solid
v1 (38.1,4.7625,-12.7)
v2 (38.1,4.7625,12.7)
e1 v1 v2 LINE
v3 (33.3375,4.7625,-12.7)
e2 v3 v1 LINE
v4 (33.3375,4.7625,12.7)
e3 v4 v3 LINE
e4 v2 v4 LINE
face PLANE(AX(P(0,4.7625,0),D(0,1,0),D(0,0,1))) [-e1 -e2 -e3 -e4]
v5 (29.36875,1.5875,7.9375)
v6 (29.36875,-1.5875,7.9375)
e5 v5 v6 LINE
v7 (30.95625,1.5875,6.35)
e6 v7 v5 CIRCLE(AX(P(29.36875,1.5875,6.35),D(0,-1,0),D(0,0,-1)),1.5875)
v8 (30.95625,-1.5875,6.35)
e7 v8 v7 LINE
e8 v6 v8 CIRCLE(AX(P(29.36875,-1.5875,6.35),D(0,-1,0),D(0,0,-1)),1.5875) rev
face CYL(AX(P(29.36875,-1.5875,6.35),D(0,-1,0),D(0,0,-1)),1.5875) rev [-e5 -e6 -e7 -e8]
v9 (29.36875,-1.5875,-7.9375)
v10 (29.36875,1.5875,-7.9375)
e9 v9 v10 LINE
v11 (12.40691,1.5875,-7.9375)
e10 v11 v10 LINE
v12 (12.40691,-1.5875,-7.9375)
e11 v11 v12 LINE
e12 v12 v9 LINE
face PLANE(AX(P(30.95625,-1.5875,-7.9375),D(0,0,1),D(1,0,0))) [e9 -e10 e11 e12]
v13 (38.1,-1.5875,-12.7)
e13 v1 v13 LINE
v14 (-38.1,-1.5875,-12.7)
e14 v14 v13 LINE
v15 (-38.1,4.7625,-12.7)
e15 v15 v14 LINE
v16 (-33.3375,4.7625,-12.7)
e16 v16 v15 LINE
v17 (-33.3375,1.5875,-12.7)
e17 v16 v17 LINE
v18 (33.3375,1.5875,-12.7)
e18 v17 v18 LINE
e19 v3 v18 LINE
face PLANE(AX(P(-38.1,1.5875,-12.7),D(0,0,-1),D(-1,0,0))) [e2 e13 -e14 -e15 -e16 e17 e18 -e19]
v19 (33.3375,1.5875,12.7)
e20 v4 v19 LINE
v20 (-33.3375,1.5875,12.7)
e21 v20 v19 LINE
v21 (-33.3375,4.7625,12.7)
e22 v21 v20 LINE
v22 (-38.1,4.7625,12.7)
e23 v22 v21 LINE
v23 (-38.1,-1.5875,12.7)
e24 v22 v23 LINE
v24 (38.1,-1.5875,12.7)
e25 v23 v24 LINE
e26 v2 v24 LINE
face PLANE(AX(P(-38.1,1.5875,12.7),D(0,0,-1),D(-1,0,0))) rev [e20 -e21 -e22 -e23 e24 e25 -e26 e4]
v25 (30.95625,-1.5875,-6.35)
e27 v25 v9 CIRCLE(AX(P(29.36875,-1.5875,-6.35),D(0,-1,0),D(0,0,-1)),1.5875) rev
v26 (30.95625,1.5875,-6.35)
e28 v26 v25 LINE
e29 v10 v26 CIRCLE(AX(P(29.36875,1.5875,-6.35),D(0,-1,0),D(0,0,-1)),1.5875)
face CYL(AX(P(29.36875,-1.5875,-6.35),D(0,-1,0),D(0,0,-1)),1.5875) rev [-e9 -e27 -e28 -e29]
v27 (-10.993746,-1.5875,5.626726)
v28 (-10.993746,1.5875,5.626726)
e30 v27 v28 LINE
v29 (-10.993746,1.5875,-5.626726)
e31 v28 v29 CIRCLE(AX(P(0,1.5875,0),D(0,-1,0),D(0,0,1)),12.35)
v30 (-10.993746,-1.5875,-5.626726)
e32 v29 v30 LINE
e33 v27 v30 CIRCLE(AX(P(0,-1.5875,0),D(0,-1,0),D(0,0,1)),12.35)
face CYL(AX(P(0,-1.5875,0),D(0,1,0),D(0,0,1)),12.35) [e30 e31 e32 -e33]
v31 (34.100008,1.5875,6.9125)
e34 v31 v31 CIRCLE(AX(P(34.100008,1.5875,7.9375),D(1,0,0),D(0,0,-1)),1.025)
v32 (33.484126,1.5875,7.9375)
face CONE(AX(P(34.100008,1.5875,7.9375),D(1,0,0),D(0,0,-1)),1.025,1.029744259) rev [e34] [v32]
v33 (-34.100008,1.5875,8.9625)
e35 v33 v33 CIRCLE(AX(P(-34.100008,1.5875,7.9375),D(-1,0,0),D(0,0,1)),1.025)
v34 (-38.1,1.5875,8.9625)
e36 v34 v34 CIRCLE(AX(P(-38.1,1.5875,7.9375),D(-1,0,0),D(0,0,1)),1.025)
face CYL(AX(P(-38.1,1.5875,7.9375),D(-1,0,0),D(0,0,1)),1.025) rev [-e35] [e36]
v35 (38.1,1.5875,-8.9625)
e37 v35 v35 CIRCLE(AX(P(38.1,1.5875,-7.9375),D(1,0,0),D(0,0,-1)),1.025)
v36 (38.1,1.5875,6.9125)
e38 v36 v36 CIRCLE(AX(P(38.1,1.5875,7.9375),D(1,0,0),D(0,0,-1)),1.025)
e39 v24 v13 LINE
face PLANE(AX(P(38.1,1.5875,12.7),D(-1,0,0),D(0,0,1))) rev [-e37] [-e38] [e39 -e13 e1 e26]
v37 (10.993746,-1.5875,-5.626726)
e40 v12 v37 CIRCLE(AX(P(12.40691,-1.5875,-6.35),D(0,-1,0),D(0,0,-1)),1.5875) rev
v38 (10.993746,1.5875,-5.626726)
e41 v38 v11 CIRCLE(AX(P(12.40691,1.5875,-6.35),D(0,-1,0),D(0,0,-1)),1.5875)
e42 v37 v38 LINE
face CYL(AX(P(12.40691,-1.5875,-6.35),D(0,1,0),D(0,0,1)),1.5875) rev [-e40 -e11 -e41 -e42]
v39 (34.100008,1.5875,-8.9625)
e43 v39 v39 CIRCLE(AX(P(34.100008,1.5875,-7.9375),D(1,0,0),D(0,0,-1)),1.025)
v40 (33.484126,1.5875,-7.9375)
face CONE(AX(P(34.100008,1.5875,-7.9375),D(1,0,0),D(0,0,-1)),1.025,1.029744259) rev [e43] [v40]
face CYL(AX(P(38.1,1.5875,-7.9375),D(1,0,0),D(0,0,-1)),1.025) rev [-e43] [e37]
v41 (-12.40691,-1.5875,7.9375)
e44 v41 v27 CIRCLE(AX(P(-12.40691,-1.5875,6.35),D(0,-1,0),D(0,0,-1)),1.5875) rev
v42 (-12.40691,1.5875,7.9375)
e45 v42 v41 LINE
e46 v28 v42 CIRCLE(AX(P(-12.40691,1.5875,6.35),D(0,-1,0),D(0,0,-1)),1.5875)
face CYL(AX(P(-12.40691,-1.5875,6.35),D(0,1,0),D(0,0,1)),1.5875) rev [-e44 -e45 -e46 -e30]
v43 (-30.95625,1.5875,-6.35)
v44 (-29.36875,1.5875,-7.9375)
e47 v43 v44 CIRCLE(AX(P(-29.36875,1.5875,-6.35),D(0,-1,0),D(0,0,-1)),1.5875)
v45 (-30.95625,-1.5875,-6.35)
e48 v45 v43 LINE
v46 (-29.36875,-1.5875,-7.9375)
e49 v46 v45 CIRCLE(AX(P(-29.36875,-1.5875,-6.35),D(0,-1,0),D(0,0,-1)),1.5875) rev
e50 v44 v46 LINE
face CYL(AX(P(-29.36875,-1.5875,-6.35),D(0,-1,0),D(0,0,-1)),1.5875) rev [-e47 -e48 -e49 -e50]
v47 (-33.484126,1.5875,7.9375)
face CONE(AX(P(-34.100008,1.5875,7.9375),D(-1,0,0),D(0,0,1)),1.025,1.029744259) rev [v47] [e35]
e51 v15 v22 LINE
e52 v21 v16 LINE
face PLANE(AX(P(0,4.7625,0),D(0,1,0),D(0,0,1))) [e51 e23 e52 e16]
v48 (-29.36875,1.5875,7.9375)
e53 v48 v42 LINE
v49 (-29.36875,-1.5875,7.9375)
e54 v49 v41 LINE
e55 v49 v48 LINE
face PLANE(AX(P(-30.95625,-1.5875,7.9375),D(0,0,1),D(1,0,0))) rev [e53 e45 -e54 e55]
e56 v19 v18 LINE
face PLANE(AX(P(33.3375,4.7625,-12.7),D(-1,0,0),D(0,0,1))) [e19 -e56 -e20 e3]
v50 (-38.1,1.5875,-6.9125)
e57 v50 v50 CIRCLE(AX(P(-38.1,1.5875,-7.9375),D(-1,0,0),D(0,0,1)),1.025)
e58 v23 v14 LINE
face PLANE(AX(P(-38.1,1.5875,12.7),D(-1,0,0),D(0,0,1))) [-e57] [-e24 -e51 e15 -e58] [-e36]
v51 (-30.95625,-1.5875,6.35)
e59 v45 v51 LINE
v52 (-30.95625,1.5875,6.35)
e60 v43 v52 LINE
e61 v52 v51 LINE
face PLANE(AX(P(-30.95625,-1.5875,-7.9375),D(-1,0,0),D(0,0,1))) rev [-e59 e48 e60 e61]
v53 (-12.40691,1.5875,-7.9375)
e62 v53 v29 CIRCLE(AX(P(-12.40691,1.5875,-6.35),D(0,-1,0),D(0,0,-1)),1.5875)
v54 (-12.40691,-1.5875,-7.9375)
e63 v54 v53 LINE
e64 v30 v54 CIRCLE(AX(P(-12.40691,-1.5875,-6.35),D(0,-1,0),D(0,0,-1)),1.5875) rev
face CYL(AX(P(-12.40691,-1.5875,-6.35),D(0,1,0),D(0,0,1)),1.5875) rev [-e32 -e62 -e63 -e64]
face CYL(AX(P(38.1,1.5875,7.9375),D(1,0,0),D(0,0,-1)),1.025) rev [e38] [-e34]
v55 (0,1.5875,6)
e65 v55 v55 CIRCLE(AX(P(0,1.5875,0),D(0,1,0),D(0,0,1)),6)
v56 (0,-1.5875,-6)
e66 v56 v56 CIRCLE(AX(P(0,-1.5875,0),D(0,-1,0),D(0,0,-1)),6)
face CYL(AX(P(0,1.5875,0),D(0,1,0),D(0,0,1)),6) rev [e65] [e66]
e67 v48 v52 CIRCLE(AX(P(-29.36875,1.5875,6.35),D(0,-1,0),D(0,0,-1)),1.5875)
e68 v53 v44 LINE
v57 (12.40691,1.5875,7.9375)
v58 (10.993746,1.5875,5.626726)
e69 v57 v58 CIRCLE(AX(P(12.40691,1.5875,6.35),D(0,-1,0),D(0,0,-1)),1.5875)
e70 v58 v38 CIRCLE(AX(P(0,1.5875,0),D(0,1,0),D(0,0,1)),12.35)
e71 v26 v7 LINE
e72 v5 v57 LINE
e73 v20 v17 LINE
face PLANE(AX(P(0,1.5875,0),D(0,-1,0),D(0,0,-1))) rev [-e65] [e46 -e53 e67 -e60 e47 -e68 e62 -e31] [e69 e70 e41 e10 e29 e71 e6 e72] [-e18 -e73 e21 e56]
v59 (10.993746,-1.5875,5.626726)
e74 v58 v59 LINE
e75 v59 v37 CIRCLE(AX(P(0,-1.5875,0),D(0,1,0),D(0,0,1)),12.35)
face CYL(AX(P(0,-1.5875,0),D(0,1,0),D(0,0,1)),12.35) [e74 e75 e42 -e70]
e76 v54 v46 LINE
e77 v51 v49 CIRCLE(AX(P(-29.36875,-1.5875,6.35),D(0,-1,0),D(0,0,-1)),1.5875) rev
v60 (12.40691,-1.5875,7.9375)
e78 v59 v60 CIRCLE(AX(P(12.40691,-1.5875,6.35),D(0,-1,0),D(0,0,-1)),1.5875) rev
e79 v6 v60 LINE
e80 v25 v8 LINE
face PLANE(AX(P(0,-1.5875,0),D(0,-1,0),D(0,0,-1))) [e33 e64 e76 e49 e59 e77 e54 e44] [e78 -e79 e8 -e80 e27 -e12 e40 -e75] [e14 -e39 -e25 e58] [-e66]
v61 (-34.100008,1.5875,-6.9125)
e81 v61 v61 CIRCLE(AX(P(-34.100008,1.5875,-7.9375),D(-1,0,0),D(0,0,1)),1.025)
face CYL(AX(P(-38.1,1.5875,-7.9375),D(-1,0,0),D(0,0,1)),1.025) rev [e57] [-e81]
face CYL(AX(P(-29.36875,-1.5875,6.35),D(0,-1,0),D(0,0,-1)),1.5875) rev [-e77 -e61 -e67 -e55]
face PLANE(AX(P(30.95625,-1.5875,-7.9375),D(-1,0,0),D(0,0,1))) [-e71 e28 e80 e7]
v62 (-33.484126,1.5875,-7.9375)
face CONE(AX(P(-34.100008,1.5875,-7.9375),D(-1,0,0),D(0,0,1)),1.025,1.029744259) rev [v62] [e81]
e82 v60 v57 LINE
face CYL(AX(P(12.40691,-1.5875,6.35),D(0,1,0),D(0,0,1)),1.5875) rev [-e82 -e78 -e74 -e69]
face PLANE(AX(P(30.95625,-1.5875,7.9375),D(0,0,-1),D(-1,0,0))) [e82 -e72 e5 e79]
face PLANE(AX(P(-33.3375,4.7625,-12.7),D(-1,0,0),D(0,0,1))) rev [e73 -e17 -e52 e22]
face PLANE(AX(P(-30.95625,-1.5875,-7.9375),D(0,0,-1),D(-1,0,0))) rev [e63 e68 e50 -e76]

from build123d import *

# Parameters (mm, degrees)
SKETCH1_W                    = 76.2
SKETCH1_H                    = 25.4
BOSS_EXTRUDE1_DEPTH          = 1.5875
F_12_0MM_DOWEL_HOLE1_D       = 12
SKETCH5_W                    = 4.7625
SKETCH5_H                    = 25.4
BOSS_EXTRUDE2_DEPTH          = 3.175
M2_5X0_45_TAPPED_HOLE1_D     = 2.05
M2_5X0_45_TAPPED_HOLE1_DEPTH = 3.999992
M2_5X0_45_TAPPED_HOLE1_TIP   = 0.615882135
M2_5X0_45_TAPPED_HOLE2_D     = 2.05
M2_5X0_45_TAPPED_HOLE2_DEPTH = 3.999992
M2_5X0_45_TAPPED_HOLE2_TIP   = 0.615882135
CUT_EXTRUDE1_DEPTH           = 41.286233691
FILLET1_R                    = 1.5875


with BuildPart() as part:
    # Sketch1 → Boss-Extrude1 (new, symmetric)
    with BuildSketch(Plane(origin=(0, 0, 0), x_dir=(1, 0, 0), z_dir=(0, 1, 0))):
        Rectangle(SKETCH1_W, SKETCH1_H)
    extrude(amount=BOSS_EXTRUDE1_DEPTH, both=True)

    # Ø12.0mm Dowel Hole1 (through all)
    with Locations(Plane(origin=(0, 1.5875, 0), x_dir=(1, 0, 0), z_dir=(0, 1, 0))):
        with Locations((0, 0)):
            Hole(F_12_0MM_DOWEL_HOLE1_D / 2)

    # Sketch5 → Boss-Extrude2 (add)
    with BuildSketch(Plane(origin=(0, 1.5875, 0), x_dir=(1, 0, 0), z_dir=(0, 1, 0))):
        with Locations((-35.71875, 0)):
            Rectangle(SKETCH5_W, SKETCH5_H)
    boss_extrude2 = extrude(amount=BOSS_EXTRUDE2_DEPTH)

    # Mirror1: Boss-Extrude2 across plane
    add(boss_extrude2.mirror(Plane(origin=(0, 0, 0), x_dir=(0, 0, 1), z_dir=(1, 0, 0))))

    # M2.5x0.45 Tapped Hole1
    with Locations(Plane.ZY.offset(38.1)):
        with Locations((7.9375, 1.5875), (-7.9375, 1.5875)):
            Hole(M2_5X0_45_TAPPED_HOLE1_D / 2, depth=M2_5X0_45_TAPPED_HOLE1_DEPTH)
            with Locations((0, 0, -(M2_5X0_45_TAPPED_HOLE1_DEPTH + M2_5X0_45_TAPPED_HOLE1_TIP / 2))):  # 118° drill point
                Cone(0, M2_5X0_45_TAPPED_HOLE1_D / 2, M2_5X0_45_TAPPED_HOLE1_TIP, mode=Mode.SUBTRACT)

    # M2.5x0.45 Tapped Hole2
    with Locations(Plane(origin=(38.1, 0, 0), x_dir=(0, 0, -1), z_dir=(1, 0, 0))):
        with Locations((-7.9375, 1.5875), (7.9375, 1.5875)):
            Hole(M2_5X0_45_TAPPED_HOLE2_D / 2, depth=M2_5X0_45_TAPPED_HOLE2_DEPTH)
            with Locations((0, 0, -(M2_5X0_45_TAPPED_HOLE2_DEPTH + M2_5X0_45_TAPPED_HOLE2_TIP / 2))):  # 118° drill point
                Cone(0, M2_5X0_45_TAPPED_HOLE2_D / 2, M2_5X0_45_TAPPED_HOLE2_TIP, mode=Mode.SUBTRACT)

    # Sketch12 → Cut-Extrude1 (cut, through all)
    with BuildSketch(Plane(origin=(0, 1.5875, 0), x_dir=(1, 0, 0), z_dir=(0, 1, 0))):
        with BuildLine():
            Line((-30.95625, 7.9375), (-30.95625, -7.9375))
            Line((-30.95625, -7.9375), (-9.461426623, -7.9375))
            ThreePointArc((-9.461426623, -7.9375), (-12.35, 0), (-9.461426623, 7.9375))
            Line((-9.461426623, 7.9375), (-30.95625, 7.9375))
        make_face()
    cut_extrude1 = extrude(amount=-CUT_EXTRUDE1_DEPTH, mode=Mode.SUBTRACT)

    # Mirror2: Cut-Extrude1 across plane
    add(cut_extrude1.mirror(Plane(origin=(0, 0, 0), x_dir=(0, 0, 1), z_dir=(1, 0, 0))), mode=Mode.SUBTRACT)

    # Fillet1
    fillet1_edges = [part.edges().sort_by_distance(p)[0] for p in [
        (-30.95625, 0, -7.9375),
        (-9.461426623, 0, -7.9375),
        (-9.461426623, 0, 7.9375),
        (-30.95625, 0, 7.9375),
        (9.461426623, 0, -7.9375),
        (30.95625, 0, -7.9375),
        (30.95625, 0, 7.9375),
        (9.461426623, 0, 7.9375),
    ]]
    fillet(fillet1_edges, radius=FILLET1_R)


solid = part.part
